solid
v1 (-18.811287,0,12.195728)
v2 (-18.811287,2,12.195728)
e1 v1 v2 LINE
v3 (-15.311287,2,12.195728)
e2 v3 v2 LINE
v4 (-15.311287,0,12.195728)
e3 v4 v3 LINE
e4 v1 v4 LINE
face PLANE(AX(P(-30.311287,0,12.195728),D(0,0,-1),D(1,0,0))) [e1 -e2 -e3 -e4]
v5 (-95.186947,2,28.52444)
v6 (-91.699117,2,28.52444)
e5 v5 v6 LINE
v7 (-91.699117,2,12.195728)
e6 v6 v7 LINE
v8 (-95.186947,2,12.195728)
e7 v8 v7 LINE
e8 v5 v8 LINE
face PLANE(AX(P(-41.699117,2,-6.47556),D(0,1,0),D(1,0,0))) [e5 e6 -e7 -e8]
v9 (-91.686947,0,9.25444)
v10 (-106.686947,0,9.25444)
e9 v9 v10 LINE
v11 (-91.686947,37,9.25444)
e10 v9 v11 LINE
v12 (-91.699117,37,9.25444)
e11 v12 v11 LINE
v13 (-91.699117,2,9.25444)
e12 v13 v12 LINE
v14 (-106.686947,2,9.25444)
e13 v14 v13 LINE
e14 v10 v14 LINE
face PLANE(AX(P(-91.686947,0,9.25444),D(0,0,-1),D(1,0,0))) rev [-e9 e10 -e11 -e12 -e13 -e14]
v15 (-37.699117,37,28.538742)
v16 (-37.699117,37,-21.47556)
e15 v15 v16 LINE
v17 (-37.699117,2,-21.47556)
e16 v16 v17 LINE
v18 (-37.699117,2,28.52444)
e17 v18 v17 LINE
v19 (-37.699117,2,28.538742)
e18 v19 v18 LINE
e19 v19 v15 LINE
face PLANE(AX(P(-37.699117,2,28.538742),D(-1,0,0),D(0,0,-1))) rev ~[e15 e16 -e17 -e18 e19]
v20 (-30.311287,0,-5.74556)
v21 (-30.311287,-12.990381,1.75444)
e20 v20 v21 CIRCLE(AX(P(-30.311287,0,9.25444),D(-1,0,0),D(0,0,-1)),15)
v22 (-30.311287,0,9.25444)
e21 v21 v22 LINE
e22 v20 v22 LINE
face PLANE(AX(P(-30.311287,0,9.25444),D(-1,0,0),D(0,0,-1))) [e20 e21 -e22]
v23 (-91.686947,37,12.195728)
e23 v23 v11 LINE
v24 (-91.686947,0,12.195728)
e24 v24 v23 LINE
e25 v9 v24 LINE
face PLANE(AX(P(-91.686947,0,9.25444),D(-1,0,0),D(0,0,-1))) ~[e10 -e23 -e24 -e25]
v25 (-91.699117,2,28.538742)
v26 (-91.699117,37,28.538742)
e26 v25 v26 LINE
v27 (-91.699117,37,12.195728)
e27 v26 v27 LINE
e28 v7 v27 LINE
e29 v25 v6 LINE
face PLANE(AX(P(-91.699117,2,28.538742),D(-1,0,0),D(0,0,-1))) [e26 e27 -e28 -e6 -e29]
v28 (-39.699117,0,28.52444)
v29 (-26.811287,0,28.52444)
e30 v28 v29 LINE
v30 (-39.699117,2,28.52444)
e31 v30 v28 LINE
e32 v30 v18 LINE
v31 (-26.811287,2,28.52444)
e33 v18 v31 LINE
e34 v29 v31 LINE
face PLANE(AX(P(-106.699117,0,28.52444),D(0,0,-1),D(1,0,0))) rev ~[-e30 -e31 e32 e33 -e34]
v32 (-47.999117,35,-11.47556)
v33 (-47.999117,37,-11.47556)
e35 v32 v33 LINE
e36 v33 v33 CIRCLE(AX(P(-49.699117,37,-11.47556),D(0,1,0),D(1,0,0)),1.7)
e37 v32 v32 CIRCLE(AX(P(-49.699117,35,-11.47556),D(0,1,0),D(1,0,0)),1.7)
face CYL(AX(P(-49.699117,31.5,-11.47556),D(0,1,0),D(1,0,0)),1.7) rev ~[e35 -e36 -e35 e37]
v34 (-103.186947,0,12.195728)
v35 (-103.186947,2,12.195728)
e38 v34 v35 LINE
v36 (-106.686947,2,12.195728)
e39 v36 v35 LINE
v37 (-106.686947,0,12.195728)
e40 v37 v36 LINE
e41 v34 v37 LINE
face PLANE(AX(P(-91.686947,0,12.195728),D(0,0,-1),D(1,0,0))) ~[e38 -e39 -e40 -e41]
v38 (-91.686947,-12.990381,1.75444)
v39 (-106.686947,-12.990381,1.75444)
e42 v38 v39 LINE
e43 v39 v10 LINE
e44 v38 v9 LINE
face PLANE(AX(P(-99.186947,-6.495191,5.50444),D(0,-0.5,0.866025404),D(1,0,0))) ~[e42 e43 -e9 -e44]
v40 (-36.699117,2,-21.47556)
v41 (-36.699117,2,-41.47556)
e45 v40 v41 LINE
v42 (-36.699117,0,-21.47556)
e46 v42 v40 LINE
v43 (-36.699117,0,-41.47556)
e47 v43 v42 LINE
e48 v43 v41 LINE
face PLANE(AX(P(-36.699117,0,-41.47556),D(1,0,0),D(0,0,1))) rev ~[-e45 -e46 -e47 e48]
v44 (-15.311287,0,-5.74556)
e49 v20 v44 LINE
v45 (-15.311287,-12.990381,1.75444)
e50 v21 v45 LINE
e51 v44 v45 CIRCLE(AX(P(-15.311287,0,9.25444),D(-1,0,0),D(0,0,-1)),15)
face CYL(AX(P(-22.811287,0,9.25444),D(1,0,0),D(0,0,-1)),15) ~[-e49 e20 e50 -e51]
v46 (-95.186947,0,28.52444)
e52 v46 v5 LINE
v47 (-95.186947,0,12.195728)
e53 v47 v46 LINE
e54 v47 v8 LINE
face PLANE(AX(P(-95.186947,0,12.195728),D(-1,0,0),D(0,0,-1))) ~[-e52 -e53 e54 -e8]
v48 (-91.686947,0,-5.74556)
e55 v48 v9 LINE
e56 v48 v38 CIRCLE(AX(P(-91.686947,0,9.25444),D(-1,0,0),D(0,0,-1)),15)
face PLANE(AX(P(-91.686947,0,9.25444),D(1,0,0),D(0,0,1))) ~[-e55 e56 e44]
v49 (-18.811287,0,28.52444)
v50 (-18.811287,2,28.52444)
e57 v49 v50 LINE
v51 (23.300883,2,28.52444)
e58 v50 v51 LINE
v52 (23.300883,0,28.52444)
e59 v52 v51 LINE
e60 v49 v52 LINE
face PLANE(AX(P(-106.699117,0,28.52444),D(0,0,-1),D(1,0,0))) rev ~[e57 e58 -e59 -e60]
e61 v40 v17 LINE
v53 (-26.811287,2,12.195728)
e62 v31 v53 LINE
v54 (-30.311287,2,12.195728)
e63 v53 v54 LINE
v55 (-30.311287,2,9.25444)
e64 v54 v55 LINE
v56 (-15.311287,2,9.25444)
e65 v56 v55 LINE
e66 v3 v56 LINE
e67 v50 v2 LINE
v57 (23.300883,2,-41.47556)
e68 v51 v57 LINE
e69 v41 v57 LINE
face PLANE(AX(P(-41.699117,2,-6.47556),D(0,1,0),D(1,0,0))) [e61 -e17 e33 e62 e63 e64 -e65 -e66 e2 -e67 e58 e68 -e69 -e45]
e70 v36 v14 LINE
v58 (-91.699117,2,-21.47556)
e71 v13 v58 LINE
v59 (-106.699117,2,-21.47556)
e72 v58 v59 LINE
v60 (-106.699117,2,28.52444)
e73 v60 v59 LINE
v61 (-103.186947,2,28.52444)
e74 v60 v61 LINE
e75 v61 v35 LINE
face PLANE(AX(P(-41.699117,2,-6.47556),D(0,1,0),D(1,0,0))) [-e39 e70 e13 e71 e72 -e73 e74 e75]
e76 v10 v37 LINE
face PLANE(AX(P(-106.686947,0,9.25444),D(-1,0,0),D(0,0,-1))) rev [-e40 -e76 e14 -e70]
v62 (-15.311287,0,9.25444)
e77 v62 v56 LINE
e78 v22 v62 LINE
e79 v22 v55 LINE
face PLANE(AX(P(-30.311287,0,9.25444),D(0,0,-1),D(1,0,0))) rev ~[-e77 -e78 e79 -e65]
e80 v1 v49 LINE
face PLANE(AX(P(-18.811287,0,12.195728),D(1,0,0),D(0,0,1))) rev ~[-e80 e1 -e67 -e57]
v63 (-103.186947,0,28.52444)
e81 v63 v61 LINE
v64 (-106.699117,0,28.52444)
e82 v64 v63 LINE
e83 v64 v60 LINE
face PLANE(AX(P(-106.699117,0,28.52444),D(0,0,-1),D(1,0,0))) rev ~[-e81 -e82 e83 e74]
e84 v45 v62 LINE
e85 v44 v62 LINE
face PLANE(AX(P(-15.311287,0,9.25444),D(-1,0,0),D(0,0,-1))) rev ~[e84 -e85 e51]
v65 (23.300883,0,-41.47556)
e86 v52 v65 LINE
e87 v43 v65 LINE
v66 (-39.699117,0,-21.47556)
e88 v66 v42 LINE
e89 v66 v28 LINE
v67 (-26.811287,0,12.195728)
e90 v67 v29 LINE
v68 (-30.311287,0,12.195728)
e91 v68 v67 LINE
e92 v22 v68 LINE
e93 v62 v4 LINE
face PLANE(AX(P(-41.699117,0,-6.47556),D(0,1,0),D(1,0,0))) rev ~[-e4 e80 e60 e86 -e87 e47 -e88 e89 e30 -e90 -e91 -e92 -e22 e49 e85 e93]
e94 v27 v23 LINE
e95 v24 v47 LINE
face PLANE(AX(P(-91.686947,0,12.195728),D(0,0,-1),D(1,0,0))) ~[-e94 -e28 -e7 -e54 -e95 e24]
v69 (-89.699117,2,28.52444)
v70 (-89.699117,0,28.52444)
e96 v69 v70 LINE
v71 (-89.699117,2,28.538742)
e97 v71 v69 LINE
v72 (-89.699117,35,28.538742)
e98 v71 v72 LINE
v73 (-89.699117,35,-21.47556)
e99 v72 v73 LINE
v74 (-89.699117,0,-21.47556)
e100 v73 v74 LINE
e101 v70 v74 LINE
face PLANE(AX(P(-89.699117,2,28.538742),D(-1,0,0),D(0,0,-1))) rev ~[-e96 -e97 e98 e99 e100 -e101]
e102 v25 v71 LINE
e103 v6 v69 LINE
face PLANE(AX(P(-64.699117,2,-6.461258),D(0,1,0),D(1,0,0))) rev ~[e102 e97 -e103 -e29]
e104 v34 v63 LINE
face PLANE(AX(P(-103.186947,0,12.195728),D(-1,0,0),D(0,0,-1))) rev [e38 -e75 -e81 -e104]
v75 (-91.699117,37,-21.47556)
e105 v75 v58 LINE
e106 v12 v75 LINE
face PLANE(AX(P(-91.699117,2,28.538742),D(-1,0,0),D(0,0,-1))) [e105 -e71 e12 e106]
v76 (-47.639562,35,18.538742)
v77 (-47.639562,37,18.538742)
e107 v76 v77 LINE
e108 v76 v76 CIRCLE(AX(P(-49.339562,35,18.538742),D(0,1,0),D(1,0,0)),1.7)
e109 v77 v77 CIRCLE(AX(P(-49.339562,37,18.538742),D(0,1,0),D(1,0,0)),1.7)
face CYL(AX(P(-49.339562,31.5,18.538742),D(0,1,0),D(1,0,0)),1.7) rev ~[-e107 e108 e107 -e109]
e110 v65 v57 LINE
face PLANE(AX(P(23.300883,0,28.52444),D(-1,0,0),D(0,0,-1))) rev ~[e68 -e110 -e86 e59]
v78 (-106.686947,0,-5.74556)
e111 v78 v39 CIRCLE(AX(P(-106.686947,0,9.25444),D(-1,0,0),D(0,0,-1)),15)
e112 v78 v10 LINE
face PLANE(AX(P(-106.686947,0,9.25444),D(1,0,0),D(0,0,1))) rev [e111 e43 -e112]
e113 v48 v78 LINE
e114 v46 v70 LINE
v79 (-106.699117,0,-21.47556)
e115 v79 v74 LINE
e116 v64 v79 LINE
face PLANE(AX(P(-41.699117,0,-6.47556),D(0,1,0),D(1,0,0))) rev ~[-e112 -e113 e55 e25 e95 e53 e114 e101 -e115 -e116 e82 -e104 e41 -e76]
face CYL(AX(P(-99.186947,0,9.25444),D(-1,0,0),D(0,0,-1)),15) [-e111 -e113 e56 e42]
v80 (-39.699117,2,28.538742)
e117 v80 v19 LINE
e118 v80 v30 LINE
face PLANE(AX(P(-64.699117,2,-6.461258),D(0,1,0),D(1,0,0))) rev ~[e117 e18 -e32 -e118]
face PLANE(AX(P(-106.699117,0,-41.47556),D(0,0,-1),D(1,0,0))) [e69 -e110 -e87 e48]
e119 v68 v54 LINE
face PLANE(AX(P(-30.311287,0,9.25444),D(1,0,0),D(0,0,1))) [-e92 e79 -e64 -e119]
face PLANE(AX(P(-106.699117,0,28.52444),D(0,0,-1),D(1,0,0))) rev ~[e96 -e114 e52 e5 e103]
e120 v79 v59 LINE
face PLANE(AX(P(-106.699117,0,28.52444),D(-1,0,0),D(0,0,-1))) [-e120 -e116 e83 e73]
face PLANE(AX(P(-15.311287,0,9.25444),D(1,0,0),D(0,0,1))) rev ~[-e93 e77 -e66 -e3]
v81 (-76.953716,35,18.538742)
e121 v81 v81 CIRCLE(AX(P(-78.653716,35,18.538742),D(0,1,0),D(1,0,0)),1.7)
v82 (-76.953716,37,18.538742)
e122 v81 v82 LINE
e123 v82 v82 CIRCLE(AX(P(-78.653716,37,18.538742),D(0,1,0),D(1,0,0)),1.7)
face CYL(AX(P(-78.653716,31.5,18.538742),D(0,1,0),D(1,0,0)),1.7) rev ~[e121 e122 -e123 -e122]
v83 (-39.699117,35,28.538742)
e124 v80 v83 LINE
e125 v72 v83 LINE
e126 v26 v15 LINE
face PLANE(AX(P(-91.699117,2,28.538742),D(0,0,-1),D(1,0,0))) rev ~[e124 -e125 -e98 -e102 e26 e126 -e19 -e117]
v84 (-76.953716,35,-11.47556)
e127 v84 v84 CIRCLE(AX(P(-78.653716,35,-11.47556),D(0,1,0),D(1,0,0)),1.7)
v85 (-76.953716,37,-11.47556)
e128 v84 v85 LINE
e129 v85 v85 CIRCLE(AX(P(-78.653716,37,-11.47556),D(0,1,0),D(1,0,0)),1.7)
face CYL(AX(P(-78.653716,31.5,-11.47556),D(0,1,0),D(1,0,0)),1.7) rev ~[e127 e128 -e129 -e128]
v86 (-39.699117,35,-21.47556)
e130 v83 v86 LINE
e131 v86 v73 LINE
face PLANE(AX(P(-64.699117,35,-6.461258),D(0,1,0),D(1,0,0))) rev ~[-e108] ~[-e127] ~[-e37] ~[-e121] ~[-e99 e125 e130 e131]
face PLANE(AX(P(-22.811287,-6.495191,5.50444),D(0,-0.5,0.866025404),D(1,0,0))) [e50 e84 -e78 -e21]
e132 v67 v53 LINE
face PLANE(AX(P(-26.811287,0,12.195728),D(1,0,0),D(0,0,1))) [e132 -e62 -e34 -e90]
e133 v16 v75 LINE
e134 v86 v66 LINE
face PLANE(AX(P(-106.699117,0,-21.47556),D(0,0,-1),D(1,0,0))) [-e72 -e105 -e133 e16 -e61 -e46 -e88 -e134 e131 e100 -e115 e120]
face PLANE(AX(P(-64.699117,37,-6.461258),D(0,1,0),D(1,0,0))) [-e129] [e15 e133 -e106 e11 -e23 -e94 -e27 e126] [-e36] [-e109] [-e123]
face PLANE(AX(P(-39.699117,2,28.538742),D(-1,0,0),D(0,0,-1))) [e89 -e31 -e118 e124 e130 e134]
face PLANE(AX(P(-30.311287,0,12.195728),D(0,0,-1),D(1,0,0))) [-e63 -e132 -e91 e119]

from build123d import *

# Parameters (mm, degrees)
SKETCH2_W                = 130
SKETCH2_H                = 70
BOSS_EXTRUDE1_DEPTH      = 2
SKETCH3_W                = 54
SKETCH3_H                = 70
BOSS_EXTRUDE2_DEPTH      = 35
SKETCH4_W                = 50
SKETCH4_H                = 70
CUT_EXTRUDE2_DEPTH       = 33
CUT_EXTRUDE2_DEPTH_BACK  = 2
SKETCH6_W                = 50
SKETCH6_H                = 2
CUT_EXTRUDE3_DEPTH       = 33
SKETCH7_W                = 70
SKETCH7_H                = 20
CUT_EXTRUDE4_DEPTH       = 40
M3_CLEARANCE_HOLE4_D     = 3.4
M3_CLEARANCE_HOLE4_DEPTH = 3.5
M3_CLEARANCE_HOLE4_TIP   = 1.021463052
SKETCH21_W               = 15
SKETCH21_H               = 15
REVOLVE1_ANGLE           = 60
SKETCH22_W               = 15
SKETCH22_H               = 2.941288486
CUT_EXTRUDE6_DEPTH       = 55
SKETCH23_W               = 8
SKETCH23_H               = 16.328711514
CUT_EXTRUDE7_DEPTH       = 55


with BuildPart() as part:
    # Sketch2 → Boss-Extrude1 (new body)
    with BuildSketch(Plane(origin=(0, 0, 0), x_dir=(1, 0, 0), z_dir=(0, 1, 0))):
        with Locations((-41.699117153, 6.475560132)):
            Rectangle(SKETCH2_W, SKETCH2_H)
    extrude(amount=BOSS_EXTRUDE1_DEPTH)

    # Sketch3 → Boss-Extrude2 (add)
    with BuildSketch(Plane(origin=(0, 2, 0), x_dir=(1, 0, 0), z_dir=(0, 1, 0))):
        with Locations((-64.699117153, 6.461257978)):
            Rectangle(SKETCH3_W, SKETCH3_H)
    extrude(amount=BOSS_EXTRUDE2_DEPTH)

    # Sketch4 → Cut-Extrude2 (cut, two sides)
    with BuildSketch(Plane(origin=(0, 2, 0), x_dir=(1, 0, 0), z_dir=(0, 1, 0))) as cut_extrude2_sk:
        with Locations((-64.699117153, 6.461257978)):
            Rectangle(SKETCH4_W, SKETCH4_H)
    extrude(amount=CUT_EXTRUDE2_DEPTH, mode=Mode.SUBTRACT)
    extrude(cut_extrude2_sk.sketch, amount=-CUT_EXTRUDE2_DEPTH_BACK, mode=Mode.SUBTRACT)

    # Sketch6 → Cut-Extrude3 (cut)
    with BuildSketch(Plane(origin=(0, 0, -41.475560132), x_dir=(-1, 0, 0), z_dir=(0, 0, -1))):
        with Locations((64.699117153, 1)):
            Rectangle(SKETCH6_W, SKETCH6_H)
    extrude(amount=-CUT_EXTRUDE3_DEPTH, mode=Mode.SUBTRACT)

    # Sketch7 → Cut-Extrude4 (cut)
    with BuildSketch(Plane.XZ):
        with Locations((-71.699117153, -31.475560132)):
            Rectangle(SKETCH7_W, SKETCH7_H)
    extrude(amount=-CUT_EXTRUDE4_DEPTH, mode=Mode.SUBTRACT)

    # M3 Clearance Hole4
    with Locations(Plane(origin=(0, 35, 0), x_dir=(-1, 0, 0), z_dir=(0, -1, 0))):
        with Locations((49.339561588, -18.538742022), (49.699117153, 11.475560132), (78.653715997, -18.538742022), (78.653715997, 11.475560132)):
            Hole(M3_CLEARANCE_HOLE4_D / 2, depth=M3_CLEARANCE_HOLE4_DEPTH)
            with Locations((0, 0, -(M3_CLEARANCE_HOLE4_DEPTH + M3_CLEARANCE_HOLE4_TIP / 2))):  # 118° drill point
                Cone(0, M3_CLEARANCE_HOLE4_D / 2, M3_CLEARANCE_HOLE4_TIP, mode=Mode.SUBTRACT)

    # Sketch21 → Revolve1 (revolve)
    with BuildSketch(Plane.XZ):
        with Locations((-22.811286853, 1.754439868)):
            Rectangle(SKETCH21_W, SKETCH21_H)
    revolve1 = revolve(axis=Axis((-30.311286853, 0, 9.254439868), (-1, 0, 0)), revolution_arc=REVOLVE1_ANGLE)

    # Sketch22 → Cut-Extrude6 (cut)
    with BuildSketch(Plane.XZ):
        with Locations((-22.811286853, 10.725084111)):
            Rectangle(SKETCH22_W, SKETCH22_H)
    cut_extrude6 = extrude(amount=-CUT_EXTRUDE6_DEPTH, mode=Mode.SUBTRACT)

    # Sketch23 → Cut-Extrude7 (cut)
    with BuildSketch(Plane.XZ):
        with Locations((-22.811286853, 20.360084111)):
            Rectangle(SKETCH23_W, SKETCH23_H)
    cut_extrude7 = extrude(amount=-CUT_EXTRUDE7_DEPTH, mode=Mode.SUBTRACT)

    # Mirror1: Revolve1 across plane
    add(revolve1.mirror(Plane.ZY.offset(60.999117153)))

    # Mirror2: Cut-Extrude6, Cut-Extrude7 across plane
    add(cut_extrude6.mirror(Plane.ZY.offset(60.999117153)), mode=Mode.SUBTRACT)
    add(cut_extrude7.mirror(Plane.ZY.offset(60.999117153)), mode=Mode.SUBTRACT)


solid = part.part
